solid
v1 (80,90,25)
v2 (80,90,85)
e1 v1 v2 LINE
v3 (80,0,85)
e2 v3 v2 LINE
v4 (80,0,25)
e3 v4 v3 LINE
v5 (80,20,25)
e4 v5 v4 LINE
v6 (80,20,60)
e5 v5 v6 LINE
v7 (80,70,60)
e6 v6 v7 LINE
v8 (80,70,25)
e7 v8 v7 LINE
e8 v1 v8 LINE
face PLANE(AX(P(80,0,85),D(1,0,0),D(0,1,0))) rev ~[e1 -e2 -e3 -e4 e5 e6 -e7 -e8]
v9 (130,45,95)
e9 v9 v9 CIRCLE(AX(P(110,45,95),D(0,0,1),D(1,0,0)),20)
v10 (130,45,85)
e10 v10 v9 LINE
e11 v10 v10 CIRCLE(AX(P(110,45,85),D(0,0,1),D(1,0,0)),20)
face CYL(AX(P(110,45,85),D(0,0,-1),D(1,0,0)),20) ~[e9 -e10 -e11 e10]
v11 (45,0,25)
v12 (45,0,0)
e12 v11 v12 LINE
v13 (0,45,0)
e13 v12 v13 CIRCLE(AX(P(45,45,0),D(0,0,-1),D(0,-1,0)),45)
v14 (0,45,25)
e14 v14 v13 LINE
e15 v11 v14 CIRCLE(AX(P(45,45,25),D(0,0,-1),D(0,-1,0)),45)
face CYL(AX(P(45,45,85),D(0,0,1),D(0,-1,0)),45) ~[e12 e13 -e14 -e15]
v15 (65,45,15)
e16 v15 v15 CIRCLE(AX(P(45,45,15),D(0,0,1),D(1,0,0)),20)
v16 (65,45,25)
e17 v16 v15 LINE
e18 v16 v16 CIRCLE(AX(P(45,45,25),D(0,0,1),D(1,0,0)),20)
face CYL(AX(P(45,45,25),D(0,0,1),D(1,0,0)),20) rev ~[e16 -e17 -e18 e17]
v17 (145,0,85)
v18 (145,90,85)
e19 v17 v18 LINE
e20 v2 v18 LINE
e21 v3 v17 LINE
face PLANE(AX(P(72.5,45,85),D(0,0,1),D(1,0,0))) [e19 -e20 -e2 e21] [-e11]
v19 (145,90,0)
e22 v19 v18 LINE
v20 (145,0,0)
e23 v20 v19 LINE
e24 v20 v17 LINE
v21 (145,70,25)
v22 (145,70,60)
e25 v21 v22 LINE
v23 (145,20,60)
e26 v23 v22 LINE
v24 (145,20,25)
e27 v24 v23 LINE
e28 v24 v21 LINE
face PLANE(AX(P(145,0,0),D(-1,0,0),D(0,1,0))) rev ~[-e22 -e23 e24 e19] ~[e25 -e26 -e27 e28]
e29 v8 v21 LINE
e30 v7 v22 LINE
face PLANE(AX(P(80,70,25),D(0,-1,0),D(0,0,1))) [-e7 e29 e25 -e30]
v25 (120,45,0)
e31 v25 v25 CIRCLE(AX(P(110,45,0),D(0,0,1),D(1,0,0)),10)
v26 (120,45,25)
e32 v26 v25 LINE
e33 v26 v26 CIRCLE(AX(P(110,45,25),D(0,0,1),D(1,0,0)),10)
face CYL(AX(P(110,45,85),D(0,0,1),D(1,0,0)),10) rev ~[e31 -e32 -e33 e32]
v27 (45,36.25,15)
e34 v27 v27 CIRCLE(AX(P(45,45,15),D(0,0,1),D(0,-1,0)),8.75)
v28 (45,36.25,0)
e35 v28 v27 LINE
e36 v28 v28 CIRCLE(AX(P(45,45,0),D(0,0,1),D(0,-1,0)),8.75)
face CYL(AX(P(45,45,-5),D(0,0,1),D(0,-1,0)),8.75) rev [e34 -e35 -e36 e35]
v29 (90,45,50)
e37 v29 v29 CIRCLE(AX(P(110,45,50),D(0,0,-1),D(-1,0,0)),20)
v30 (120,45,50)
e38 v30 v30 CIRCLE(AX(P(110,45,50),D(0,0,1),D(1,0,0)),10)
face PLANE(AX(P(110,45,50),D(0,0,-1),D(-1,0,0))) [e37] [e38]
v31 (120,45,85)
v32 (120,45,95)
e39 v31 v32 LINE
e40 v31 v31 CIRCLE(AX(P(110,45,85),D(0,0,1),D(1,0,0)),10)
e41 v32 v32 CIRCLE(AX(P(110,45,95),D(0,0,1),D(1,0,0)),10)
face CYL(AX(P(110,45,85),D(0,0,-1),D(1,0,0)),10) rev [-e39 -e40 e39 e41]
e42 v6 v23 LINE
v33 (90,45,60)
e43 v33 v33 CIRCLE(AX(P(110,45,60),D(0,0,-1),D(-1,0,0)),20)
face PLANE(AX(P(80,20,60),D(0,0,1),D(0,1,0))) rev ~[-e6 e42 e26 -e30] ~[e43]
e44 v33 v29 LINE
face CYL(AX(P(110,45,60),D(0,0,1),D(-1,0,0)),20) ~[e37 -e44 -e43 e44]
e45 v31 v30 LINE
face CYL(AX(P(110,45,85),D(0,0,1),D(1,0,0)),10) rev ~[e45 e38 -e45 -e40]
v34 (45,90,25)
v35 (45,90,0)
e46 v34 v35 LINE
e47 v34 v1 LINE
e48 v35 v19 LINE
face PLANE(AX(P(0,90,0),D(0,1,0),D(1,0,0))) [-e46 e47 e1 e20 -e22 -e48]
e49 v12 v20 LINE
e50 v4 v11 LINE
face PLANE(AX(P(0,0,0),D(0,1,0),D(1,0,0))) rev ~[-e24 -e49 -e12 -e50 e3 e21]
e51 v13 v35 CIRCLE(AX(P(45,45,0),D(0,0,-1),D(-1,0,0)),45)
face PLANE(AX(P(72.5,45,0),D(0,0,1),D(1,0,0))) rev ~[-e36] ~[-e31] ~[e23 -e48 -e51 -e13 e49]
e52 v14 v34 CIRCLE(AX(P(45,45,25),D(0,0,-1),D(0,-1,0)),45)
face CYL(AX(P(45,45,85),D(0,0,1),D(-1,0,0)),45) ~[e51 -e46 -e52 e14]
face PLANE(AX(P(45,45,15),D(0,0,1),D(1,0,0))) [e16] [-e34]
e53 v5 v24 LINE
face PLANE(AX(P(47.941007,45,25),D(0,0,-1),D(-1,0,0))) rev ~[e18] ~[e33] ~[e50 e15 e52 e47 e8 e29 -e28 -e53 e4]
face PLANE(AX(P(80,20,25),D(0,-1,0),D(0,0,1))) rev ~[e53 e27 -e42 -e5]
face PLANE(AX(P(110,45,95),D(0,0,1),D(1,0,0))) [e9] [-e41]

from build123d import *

# Parameters (mm, degrees)
SKETCH1_W                   = 145
SKETCH1_H                   = 90
BOSS_EXTRUDE1_DEPTH         = 85
CUT_EXTRUDE1_DEPTH          = 85
CUT_EXTRUDE3_DEPTH          = 50
M20_TAPPED_HOLE1_AT_2_COUNT = 2
M20_TAPPED_HOLE1_AT_2_PITCH = 65
M20_TAPPED_HOLE3_D          = 17.5
M20_TAPPED_HOLE3_DEPTH      = 60
M20_TAPPED_HOLE3_TIP        = 5.257530416
SKETCH12_R                  = 20
SKETCH12_R_2                = 10
CUT_EXTRUDE4_DEPTH          = 10
SKETCH13_R                  = 10
SKETCH13_R_2                = 8.75
CUT_EXTRUDE5_DEPTH          = 10
CUT_EXTRUDE6_DEPTH          = 10
SKETCH15_R                  = 20
SKETCH15_R_2                = 10
CUT_EXTRUDE7_DEPTH          = 10
SKETCH16_R                  = 10
SKETCH16_R_2                = 8.75
CUT_EXTRUDE8_DEPTH          = 10
SKETCH17_W                  = 35
SKETCH17_H                  = 50
CUT_EXTRUDE9_DEPTH          = 97
SKETCH18_R                  = 20
SKETCH18_R_2                = 10
BOSS_EXTRUDE2_DEPTH         = 10
SKETCH19_R                  = 20
SKETCH19_R_2                = 8.75
BOSS_EXTRUDE3_DEPTH         = 10
SKETCH20_R                  = 10
SKETCH20_R_2                = 8.75
CUT_EXTRUDE10_DEPTH         = 120


with BuildPart() as part:
    # Sketch1 → Boss-Extrude1 (new body)
    with BuildSketch(Plane.XY):
        with Locations((72.5, 45)):
            Rectangle(SKETCH1_W, SKETCH1_H)
    extrude(amount=BOSS_EXTRUDE1_DEPTH)

    # Sketch2 → Cut-Extrude1 (cut)
    with BuildSketch(Plane.XY.offset(85)):
        with BuildLine():
            ThreePointArc((0, 45), (13.180194847, 76.819805153), (45, 90))
            Line((45, 90), (0, 90))
            Line((0, 90), (0, 45))
        make_face()
        with BuildLine():
            ThreePointArc((45, 0), (13.180194847, 13.180194847), (0, 45))
            Line((0, 45), (0, 0))
            Line((0, 0), (45, 0))
        make_face()
    extrude(amount=-CUT_EXTRUDE1_DEPTH, mode=Mode.SUBTRACT)

    # Sketch4 → Cut-Extrude3 (cut)
    with BuildSketch(Plane.XY.offset(85)):
        with BuildLine():
            Line((80, 0), (80, 90))
            Line((80, 90), (45, 90))
            ThreePointArc((45, 90), (0, 45), (45, 0))
            Line((45, 0), (80, 0))
        make_face()
    extrude(amount=-CUT_EXTRUDE3_DEPTH, mode=Mode.SUBTRACT)

    # Sketch6 → M20 Tapped Hole1 (revolve, cut)
    with BuildSketch(Plane(origin=(45, 45, 35), x_dir=(0, -1, 0), z_dir=(1, 0, 0))):
        Polygon((0, 0), (0, 45.257530416), (8.75, 40), (8.75, 0), align=None)
    m20_tapped_hole1 = revolve(axis=Axis((45, 45, 41.35), (0, 0, -1)), mode=Mode.SUBTRACT)

    # M20 Tapped Hole1 at 2: M20 Tapped Hole1 ×2
    with Locations(*[(i * M20_TAPPED_HOLE1_AT_2_PITCH, 0, 0) for i in range(1, M20_TAPPED_HOLE1_AT_2_COUNT)]):
        add(m20_tapped_hole1, mode=Mode.SUBTRACT)

    # M20 Tapped Hole3
    with Locations(Plane(origin=(110, 45, 85), x_dir=(1, 0, 0), z_dir=(0, 0, 1))):
        with Locations((0, 0)):
            Hole(M20_TAPPED_HOLE3_D / 2, depth=M20_TAPPED_HOLE3_DEPTH)
            with Locations((0, 0, -(M20_TAPPED_HOLE3_DEPTH + M20_TAPPED_HOLE3_TIP / 2))):  # 118° drill point
                Cone(0, M20_TAPPED_HOLE3_D / 2, M20_TAPPED_HOLE3_TIP, mode=Mode.SUBTRACT)

    # Sketch12 → Cut-Extrude4 (cut)
    with BuildSketch(Plane.XY.offset(35)):
        with Locations((45, 45)):
            Circle(SKETCH12_R)
        with Locations((45, 45)):
            Circle(SKETCH12_R_2, mode=Mode.SUBTRACT)
    extrude(amount=-CUT_EXTRUDE4_DEPTH, mode=Mode.SUBTRACT)

    # Sketch13 → Cut-Extrude5 (cut)
    with BuildSketch(Plane.XY.offset(35)):
        with Locations((45, 45)):
            Circle(SKETCH13_R)
        with Locations((45, 45)):
            Circle(SKETCH13_R_2, mode=Mode.SUBTRACT)
    extrude(amount=-CUT_EXTRUDE5_DEPTH, mode=Mode.SUBTRACT)

    # Sketch14 → Cut-Extrude6 (cut)
    with BuildSketch(Plane.XY.offset(35)):
        with BuildLine():
            Line((80, 90), (80, 0))
            Line((80, 0), (45, 0))
            ThreePointArc((45, 0), (0, 45), (45, 90))
            Line((45, 90), (80, 90))
        make_face()
    extrude(amount=-CUT_EXTRUDE6_DEPTH, mode=Mode.SUBTRACT)

    # Sketch15 → Cut-Extrude7 (cut)
    with BuildSketch(Plane.XY.offset(25)):
        with Locations((45, 45)):
            Circle(SKETCH15_R)
        with Locations((45, 45)):
            Circle(SKETCH15_R_2, mode=Mode.SUBTRACT)
    extrude(amount=-CUT_EXTRUDE7_DEPTH, mode=Mode.SUBTRACT)

    # Sketch16 → Cut-Extrude8 (cut)
    with BuildSketch(Plane.XY.offset(25)):
        with Locations((45, 45)):
            Circle(SKETCH16_R)
        with Locations((45, 45)):
            Circle(SKETCH16_R_2, mode=Mode.SUBTRACT)
    extrude(amount=-CUT_EXTRUDE8_DEPTH, mode=Mode.SUBTRACT)

    # Sketch17 → Cut-Extrude9 (cut)
    with BuildSketch(Plane.ZY.offset(-80)):
        with Locations((42.5, 45)):
            Rectangle(SKETCH17_W, SKETCH17_H)
    extrude(amount=-CUT_EXTRUDE9_DEPTH, mode=Mode.SUBTRACT)

    # Sketch18 → Boss-Extrude2 (add)
    with BuildSketch(Plane.XY.offset(85)):
        with Locations((110, 45)):
            Circle(SKETCH18_R)
        with Locations((110, 45)):
            Circle(SKETCH18_R_2, mode=Mode.SUBTRACT)
    extrude(amount=BOSS_EXTRUDE2_DEPTH)

    # Sketch19 → Boss-Extrude3 (add)
    with BuildSketch(Plane(origin=(0, 0, 60), x_dir=(-1, 0, 0), z_dir=(0, 0, -1))):
        with Locations((-110, 45)):
            Circle(SKETCH19_R)
        with Locations((-110, 45)):
            Circle(SKETCH19_R_2, mode=Mode.SUBTRACT)
    extrude(amount=BOSS_EXTRUDE3_DEPTH)

    # Sketch20 → Cut-Extrude10 (cut)
    with BuildSketch(Plane.XY.offset(85)):
        with Locations((110, 45)):
            Circle(SKETCH20_R)
        with Locations((110, 45)):
            Circle(SKETCH20_R_2, mode=Mode.SUBTRACT)
    extrude(amount=-CUT_EXTRUDE10_DEPTH, mode=Mode.SUBTRACT)


solid = part.part
